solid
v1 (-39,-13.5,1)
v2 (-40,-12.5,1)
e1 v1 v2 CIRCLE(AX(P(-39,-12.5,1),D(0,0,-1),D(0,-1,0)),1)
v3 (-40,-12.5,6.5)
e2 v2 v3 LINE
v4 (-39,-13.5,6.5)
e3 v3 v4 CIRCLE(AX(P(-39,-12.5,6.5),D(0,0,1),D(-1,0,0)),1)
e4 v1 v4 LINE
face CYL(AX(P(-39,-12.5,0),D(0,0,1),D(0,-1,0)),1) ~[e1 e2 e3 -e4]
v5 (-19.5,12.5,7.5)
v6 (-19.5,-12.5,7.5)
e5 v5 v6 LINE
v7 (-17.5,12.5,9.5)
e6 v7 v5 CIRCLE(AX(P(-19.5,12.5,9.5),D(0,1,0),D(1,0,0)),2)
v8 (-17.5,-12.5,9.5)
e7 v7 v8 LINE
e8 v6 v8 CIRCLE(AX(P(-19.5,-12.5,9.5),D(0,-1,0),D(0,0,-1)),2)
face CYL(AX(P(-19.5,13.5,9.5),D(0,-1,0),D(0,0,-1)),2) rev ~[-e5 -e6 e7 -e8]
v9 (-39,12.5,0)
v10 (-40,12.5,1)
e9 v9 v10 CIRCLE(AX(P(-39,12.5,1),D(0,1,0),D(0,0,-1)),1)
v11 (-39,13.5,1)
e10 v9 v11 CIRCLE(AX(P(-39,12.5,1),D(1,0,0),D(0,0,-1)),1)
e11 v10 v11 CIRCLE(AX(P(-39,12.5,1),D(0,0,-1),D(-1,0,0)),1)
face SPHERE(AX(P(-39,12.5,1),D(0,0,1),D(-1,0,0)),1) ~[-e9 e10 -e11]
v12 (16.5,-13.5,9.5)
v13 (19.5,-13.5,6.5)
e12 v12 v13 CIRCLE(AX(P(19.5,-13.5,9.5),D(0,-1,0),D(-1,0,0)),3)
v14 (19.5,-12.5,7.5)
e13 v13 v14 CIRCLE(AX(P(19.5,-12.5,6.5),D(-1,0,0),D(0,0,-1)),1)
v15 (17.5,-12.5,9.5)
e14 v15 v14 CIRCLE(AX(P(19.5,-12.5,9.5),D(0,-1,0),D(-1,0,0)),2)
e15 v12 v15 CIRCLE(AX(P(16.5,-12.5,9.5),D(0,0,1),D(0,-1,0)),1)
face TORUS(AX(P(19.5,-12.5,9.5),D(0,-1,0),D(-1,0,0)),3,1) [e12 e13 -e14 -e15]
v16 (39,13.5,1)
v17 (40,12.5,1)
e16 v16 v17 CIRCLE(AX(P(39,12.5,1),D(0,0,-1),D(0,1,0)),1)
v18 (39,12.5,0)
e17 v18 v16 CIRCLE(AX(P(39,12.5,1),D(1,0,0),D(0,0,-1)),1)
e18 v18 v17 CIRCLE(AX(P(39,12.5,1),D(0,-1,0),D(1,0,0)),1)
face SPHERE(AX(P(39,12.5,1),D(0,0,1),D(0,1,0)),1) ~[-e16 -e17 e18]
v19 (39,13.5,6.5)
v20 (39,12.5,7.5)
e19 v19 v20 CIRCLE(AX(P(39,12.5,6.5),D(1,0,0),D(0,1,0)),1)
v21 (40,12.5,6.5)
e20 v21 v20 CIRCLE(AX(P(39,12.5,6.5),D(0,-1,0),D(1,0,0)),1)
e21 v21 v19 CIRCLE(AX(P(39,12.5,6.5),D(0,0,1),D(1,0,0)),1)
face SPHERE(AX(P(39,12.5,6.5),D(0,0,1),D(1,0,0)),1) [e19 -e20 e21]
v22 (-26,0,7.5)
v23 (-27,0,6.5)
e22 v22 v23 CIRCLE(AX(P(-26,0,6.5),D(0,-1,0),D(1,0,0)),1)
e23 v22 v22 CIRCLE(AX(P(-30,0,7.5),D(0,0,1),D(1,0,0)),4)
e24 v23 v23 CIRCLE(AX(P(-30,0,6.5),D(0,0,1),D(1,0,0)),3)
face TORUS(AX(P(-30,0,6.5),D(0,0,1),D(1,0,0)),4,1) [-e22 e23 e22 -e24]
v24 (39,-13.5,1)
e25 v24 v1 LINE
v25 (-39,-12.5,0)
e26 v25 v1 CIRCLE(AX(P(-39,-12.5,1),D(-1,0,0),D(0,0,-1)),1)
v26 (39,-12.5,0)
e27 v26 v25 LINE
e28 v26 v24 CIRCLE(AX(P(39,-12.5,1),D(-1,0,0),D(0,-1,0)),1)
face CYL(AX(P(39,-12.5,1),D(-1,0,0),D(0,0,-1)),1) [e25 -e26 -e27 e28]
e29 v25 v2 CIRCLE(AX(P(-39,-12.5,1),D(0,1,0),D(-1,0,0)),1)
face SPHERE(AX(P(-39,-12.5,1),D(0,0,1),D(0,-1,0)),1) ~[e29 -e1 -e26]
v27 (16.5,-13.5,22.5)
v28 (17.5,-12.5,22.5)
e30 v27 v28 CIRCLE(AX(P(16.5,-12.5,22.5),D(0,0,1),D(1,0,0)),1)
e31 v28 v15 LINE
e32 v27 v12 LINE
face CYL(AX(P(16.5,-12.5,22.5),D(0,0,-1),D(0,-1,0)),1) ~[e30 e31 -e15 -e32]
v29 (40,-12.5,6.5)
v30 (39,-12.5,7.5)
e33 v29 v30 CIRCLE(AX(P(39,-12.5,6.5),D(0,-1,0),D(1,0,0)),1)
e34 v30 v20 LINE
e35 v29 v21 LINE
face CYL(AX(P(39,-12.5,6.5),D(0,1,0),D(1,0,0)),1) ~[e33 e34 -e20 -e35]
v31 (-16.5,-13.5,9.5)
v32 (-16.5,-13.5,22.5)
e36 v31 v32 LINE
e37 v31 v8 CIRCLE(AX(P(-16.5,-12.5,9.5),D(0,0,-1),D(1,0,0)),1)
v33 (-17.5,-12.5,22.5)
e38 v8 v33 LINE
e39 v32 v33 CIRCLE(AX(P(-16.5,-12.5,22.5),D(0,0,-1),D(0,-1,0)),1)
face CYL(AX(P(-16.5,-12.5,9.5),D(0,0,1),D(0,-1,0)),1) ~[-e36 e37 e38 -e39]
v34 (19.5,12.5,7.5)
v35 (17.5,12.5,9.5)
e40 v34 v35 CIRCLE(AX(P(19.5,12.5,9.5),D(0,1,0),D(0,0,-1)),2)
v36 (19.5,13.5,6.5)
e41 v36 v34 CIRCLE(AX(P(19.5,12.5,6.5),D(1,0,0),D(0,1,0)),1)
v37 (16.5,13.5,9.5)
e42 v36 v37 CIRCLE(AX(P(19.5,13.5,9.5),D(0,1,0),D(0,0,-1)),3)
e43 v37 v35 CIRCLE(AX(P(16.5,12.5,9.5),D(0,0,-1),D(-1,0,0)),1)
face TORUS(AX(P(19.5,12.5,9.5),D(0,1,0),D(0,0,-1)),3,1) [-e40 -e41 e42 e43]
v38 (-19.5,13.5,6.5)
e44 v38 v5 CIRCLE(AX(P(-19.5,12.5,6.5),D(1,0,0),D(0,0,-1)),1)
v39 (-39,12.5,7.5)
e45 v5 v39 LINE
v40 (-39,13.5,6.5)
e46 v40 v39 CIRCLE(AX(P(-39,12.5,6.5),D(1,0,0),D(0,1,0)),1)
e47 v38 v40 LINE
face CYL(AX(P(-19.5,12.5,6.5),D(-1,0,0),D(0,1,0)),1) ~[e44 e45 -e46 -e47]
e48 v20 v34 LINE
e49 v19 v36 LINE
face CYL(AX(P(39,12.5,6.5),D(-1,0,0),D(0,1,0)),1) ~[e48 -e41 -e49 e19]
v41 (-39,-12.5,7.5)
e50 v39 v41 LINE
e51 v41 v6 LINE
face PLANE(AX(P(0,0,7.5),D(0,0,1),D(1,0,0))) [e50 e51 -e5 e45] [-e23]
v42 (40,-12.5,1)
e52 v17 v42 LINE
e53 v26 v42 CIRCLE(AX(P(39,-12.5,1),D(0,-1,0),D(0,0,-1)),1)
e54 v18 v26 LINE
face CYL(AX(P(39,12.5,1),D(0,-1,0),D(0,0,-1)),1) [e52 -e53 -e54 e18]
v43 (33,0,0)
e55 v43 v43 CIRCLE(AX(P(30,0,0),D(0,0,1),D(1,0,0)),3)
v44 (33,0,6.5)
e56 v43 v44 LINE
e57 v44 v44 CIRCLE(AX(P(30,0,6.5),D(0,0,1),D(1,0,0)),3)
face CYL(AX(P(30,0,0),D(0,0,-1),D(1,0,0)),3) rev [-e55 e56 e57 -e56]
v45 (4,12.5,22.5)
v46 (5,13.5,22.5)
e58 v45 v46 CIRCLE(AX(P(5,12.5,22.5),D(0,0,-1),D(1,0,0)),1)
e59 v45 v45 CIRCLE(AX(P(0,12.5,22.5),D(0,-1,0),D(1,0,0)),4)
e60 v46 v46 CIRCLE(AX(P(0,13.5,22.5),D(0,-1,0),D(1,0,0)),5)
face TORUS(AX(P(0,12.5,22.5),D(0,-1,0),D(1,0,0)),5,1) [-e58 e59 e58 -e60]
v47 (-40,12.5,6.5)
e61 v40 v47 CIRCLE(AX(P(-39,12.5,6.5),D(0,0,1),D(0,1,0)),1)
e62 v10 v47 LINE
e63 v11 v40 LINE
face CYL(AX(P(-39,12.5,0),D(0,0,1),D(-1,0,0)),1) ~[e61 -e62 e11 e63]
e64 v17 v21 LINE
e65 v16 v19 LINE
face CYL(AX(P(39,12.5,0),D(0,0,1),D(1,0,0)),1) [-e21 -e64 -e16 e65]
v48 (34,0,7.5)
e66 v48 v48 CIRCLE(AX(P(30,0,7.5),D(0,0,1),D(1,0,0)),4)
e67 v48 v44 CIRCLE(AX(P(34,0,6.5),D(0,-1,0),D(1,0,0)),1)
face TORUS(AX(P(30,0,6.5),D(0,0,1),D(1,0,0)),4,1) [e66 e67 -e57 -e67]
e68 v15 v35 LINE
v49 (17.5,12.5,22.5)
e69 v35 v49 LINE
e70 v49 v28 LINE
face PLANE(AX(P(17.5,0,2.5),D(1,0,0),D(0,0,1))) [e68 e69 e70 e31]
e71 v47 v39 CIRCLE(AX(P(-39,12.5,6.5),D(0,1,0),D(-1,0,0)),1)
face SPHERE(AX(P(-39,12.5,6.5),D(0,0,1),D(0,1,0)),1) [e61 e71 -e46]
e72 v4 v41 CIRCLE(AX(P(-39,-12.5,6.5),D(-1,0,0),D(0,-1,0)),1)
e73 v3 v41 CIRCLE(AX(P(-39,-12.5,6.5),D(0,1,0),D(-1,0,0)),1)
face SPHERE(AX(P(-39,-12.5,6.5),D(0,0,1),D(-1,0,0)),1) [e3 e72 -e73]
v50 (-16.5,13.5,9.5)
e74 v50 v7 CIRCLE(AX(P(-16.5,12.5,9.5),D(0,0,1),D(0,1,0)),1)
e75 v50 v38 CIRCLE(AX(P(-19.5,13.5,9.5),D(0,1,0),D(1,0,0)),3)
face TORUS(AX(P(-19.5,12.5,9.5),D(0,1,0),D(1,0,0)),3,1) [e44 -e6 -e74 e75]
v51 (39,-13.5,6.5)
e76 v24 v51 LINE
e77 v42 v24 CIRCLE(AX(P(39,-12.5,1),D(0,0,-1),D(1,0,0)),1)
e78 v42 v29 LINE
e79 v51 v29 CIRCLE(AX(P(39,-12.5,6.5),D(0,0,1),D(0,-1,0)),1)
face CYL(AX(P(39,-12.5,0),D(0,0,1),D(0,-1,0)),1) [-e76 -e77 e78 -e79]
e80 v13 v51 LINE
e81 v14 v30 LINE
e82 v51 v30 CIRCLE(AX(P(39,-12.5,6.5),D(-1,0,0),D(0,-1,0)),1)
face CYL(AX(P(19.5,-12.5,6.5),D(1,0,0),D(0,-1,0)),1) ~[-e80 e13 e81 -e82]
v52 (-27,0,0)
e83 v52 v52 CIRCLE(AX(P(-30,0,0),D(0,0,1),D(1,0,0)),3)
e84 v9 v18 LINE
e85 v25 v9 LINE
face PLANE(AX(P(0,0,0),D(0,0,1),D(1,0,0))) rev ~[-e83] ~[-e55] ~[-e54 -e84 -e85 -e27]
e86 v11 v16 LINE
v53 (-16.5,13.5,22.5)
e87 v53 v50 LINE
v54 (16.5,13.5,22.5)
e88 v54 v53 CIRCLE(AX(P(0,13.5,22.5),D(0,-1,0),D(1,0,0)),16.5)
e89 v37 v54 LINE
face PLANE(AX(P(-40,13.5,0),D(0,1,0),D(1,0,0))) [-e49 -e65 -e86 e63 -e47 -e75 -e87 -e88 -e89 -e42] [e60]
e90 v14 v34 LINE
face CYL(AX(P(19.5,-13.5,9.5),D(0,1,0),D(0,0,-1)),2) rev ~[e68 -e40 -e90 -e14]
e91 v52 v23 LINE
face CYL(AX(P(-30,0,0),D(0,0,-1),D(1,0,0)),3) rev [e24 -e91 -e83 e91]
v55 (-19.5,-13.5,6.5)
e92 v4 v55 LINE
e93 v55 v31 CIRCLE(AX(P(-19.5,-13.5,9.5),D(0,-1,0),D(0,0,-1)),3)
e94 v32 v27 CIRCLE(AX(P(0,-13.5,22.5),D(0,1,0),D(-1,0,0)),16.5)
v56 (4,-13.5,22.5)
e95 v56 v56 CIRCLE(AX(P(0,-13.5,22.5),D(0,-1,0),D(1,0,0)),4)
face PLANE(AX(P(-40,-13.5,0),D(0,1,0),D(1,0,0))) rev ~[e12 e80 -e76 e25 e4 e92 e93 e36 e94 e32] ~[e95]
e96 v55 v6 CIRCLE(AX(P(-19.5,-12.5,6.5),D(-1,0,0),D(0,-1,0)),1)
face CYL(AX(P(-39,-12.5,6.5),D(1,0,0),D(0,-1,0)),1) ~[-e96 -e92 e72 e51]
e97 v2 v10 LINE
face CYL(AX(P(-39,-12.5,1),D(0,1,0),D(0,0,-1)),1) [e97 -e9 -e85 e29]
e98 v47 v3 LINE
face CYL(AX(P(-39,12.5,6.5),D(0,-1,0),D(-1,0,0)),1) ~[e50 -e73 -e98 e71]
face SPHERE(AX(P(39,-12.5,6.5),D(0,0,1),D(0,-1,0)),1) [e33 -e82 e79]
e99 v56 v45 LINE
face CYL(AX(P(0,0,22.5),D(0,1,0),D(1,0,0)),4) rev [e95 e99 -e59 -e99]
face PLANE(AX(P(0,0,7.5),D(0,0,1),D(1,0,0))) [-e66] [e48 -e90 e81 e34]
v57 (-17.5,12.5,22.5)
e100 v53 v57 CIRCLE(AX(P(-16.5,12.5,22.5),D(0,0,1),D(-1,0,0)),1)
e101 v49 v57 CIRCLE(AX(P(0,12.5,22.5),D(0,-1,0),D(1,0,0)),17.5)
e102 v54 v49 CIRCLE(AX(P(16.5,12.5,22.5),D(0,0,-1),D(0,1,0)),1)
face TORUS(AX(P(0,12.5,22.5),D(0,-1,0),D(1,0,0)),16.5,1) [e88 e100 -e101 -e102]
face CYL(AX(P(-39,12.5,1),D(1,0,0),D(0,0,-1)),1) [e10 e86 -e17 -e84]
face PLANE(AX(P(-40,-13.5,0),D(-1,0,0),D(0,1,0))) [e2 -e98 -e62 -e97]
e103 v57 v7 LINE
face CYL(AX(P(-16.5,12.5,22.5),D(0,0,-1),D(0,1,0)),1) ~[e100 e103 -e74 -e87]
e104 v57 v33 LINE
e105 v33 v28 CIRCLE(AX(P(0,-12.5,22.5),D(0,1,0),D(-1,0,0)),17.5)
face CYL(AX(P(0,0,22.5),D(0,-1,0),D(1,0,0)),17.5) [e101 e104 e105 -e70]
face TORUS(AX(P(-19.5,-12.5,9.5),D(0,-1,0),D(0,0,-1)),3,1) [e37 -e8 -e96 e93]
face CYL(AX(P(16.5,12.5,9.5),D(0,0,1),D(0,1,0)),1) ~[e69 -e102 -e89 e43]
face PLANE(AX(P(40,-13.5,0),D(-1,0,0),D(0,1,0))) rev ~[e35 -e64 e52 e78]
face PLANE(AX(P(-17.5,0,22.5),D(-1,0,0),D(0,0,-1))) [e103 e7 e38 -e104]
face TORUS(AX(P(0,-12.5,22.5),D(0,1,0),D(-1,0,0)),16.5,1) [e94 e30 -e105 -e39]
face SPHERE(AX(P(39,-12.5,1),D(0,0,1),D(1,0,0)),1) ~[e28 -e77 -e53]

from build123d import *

# Parameters (mm, degrees)
F0_W     = 80
F0_H     = 27
F0_R     = 3
F1_DEPTH = 7.5
F2_R     = 4
F3_DEPTH = 13.5
F4_R     = 2
F5_R     = 1
F6_R     = 1


with BuildPart() as f1:
    # F0 (on Top) → F1 (new body)
    with BuildSketch(Plane.XY):
        Rectangle(F0_W, F0_H)
        with Locations((-30, 0)):
            Circle(F0_R, mode=Mode.SUBTRACT)
        with Locations((30, 0)):
            Circle(F0_R, mode=Mode.SUBTRACT)
    extrude(amount=F1_DEPTH)

    # F2 (on Front) → F3 (join, symmetric)
    with BuildSketch(Plane.XZ):
        with BuildLine():
            Line((17.5, 2.5), (17.5, 22.5))
            ThreePointArc((17.5, 22.5), (0, 40), (-17.5, 22.5))
            Line((-17.5, 22.5), (-17.5, 2.5))
            Line((-17.5, 2.5), (17.5, 2.5))
        make_face()
        with Locations((0, 22.5)):
            Circle(F2_R, mode=Mode.SUBTRACT)
    extrude(amount=F3_DEPTH, both=True)

    # F4
    f4_edges = [f1.edges().sort_by_distance(p)[0] for p in [
        (17.5, 0, 7.5),
        (-17.5, 0, 7.5),
    ]]
    fillet(f4_edges, radius=F4_R)

    # F5
    f5_edges = [f1.edges().sort_by_distance(p)[0] for p in [
        (-40, -13.5, 3.75),
        (-40, 13.5, 3.75),
        (40, -13.5, 3.75),
        (40, 13.5, 3.75),
    ]]
    fillet(f5_edges, radius=F5_R)

    # F6
    f6_edges = [f1.edges().sort_by_distance(p)[0] for p in [
        (-29.25, -13.5, 7.5),
        (-39.707107, -13.207107, 7.5),
        (-19.5, 0, 7.5),
        (-40, 0, 7.5),
        (-29.25, 13.5, 7.5),
        (-39.707107, 13.207107, 7.5),
        (-33, 0, 7.5),
        (-18.085786, 13.5, 8.085786),
        (-17.5, 0, 9.5),
        (-18.085786, -13.5, 8.085786),
        (-17.5, -13.5, 16),
        (-17.5, 0, 22.5),
        (-17.5, 13.5, 16),
        (0, 13.5, 40),
        (0, -13.5, 40),
        (17.5, 0, 22.5),
        (17.5, -13.5, 16),
        (17.5, 0, 9.5),
        (17.5, 13.5, 16),
        (29.25, 13.5, 7.5),
        (39, 13.5, 3.75),
        (18.085786, 13.5, 8.085786),
        (0, 13.5, 0),
        (-39, 13.5, 3.75),
        (-4, 13.5, 22.5),
        (18.085786, -13.5, 8.085786),
        (19.5, 0, 7.5),
        (29.25, -13.5, 7.5),
        (39.707107, -13.207107, 7.5),
        (40, 0, 7.5),
        (39.707107, 13.207107, 7.5),
        (27, 0, 7.5),
    ]]
    fillet(f6_edges, radius=F6_R)


solid = f1.part
